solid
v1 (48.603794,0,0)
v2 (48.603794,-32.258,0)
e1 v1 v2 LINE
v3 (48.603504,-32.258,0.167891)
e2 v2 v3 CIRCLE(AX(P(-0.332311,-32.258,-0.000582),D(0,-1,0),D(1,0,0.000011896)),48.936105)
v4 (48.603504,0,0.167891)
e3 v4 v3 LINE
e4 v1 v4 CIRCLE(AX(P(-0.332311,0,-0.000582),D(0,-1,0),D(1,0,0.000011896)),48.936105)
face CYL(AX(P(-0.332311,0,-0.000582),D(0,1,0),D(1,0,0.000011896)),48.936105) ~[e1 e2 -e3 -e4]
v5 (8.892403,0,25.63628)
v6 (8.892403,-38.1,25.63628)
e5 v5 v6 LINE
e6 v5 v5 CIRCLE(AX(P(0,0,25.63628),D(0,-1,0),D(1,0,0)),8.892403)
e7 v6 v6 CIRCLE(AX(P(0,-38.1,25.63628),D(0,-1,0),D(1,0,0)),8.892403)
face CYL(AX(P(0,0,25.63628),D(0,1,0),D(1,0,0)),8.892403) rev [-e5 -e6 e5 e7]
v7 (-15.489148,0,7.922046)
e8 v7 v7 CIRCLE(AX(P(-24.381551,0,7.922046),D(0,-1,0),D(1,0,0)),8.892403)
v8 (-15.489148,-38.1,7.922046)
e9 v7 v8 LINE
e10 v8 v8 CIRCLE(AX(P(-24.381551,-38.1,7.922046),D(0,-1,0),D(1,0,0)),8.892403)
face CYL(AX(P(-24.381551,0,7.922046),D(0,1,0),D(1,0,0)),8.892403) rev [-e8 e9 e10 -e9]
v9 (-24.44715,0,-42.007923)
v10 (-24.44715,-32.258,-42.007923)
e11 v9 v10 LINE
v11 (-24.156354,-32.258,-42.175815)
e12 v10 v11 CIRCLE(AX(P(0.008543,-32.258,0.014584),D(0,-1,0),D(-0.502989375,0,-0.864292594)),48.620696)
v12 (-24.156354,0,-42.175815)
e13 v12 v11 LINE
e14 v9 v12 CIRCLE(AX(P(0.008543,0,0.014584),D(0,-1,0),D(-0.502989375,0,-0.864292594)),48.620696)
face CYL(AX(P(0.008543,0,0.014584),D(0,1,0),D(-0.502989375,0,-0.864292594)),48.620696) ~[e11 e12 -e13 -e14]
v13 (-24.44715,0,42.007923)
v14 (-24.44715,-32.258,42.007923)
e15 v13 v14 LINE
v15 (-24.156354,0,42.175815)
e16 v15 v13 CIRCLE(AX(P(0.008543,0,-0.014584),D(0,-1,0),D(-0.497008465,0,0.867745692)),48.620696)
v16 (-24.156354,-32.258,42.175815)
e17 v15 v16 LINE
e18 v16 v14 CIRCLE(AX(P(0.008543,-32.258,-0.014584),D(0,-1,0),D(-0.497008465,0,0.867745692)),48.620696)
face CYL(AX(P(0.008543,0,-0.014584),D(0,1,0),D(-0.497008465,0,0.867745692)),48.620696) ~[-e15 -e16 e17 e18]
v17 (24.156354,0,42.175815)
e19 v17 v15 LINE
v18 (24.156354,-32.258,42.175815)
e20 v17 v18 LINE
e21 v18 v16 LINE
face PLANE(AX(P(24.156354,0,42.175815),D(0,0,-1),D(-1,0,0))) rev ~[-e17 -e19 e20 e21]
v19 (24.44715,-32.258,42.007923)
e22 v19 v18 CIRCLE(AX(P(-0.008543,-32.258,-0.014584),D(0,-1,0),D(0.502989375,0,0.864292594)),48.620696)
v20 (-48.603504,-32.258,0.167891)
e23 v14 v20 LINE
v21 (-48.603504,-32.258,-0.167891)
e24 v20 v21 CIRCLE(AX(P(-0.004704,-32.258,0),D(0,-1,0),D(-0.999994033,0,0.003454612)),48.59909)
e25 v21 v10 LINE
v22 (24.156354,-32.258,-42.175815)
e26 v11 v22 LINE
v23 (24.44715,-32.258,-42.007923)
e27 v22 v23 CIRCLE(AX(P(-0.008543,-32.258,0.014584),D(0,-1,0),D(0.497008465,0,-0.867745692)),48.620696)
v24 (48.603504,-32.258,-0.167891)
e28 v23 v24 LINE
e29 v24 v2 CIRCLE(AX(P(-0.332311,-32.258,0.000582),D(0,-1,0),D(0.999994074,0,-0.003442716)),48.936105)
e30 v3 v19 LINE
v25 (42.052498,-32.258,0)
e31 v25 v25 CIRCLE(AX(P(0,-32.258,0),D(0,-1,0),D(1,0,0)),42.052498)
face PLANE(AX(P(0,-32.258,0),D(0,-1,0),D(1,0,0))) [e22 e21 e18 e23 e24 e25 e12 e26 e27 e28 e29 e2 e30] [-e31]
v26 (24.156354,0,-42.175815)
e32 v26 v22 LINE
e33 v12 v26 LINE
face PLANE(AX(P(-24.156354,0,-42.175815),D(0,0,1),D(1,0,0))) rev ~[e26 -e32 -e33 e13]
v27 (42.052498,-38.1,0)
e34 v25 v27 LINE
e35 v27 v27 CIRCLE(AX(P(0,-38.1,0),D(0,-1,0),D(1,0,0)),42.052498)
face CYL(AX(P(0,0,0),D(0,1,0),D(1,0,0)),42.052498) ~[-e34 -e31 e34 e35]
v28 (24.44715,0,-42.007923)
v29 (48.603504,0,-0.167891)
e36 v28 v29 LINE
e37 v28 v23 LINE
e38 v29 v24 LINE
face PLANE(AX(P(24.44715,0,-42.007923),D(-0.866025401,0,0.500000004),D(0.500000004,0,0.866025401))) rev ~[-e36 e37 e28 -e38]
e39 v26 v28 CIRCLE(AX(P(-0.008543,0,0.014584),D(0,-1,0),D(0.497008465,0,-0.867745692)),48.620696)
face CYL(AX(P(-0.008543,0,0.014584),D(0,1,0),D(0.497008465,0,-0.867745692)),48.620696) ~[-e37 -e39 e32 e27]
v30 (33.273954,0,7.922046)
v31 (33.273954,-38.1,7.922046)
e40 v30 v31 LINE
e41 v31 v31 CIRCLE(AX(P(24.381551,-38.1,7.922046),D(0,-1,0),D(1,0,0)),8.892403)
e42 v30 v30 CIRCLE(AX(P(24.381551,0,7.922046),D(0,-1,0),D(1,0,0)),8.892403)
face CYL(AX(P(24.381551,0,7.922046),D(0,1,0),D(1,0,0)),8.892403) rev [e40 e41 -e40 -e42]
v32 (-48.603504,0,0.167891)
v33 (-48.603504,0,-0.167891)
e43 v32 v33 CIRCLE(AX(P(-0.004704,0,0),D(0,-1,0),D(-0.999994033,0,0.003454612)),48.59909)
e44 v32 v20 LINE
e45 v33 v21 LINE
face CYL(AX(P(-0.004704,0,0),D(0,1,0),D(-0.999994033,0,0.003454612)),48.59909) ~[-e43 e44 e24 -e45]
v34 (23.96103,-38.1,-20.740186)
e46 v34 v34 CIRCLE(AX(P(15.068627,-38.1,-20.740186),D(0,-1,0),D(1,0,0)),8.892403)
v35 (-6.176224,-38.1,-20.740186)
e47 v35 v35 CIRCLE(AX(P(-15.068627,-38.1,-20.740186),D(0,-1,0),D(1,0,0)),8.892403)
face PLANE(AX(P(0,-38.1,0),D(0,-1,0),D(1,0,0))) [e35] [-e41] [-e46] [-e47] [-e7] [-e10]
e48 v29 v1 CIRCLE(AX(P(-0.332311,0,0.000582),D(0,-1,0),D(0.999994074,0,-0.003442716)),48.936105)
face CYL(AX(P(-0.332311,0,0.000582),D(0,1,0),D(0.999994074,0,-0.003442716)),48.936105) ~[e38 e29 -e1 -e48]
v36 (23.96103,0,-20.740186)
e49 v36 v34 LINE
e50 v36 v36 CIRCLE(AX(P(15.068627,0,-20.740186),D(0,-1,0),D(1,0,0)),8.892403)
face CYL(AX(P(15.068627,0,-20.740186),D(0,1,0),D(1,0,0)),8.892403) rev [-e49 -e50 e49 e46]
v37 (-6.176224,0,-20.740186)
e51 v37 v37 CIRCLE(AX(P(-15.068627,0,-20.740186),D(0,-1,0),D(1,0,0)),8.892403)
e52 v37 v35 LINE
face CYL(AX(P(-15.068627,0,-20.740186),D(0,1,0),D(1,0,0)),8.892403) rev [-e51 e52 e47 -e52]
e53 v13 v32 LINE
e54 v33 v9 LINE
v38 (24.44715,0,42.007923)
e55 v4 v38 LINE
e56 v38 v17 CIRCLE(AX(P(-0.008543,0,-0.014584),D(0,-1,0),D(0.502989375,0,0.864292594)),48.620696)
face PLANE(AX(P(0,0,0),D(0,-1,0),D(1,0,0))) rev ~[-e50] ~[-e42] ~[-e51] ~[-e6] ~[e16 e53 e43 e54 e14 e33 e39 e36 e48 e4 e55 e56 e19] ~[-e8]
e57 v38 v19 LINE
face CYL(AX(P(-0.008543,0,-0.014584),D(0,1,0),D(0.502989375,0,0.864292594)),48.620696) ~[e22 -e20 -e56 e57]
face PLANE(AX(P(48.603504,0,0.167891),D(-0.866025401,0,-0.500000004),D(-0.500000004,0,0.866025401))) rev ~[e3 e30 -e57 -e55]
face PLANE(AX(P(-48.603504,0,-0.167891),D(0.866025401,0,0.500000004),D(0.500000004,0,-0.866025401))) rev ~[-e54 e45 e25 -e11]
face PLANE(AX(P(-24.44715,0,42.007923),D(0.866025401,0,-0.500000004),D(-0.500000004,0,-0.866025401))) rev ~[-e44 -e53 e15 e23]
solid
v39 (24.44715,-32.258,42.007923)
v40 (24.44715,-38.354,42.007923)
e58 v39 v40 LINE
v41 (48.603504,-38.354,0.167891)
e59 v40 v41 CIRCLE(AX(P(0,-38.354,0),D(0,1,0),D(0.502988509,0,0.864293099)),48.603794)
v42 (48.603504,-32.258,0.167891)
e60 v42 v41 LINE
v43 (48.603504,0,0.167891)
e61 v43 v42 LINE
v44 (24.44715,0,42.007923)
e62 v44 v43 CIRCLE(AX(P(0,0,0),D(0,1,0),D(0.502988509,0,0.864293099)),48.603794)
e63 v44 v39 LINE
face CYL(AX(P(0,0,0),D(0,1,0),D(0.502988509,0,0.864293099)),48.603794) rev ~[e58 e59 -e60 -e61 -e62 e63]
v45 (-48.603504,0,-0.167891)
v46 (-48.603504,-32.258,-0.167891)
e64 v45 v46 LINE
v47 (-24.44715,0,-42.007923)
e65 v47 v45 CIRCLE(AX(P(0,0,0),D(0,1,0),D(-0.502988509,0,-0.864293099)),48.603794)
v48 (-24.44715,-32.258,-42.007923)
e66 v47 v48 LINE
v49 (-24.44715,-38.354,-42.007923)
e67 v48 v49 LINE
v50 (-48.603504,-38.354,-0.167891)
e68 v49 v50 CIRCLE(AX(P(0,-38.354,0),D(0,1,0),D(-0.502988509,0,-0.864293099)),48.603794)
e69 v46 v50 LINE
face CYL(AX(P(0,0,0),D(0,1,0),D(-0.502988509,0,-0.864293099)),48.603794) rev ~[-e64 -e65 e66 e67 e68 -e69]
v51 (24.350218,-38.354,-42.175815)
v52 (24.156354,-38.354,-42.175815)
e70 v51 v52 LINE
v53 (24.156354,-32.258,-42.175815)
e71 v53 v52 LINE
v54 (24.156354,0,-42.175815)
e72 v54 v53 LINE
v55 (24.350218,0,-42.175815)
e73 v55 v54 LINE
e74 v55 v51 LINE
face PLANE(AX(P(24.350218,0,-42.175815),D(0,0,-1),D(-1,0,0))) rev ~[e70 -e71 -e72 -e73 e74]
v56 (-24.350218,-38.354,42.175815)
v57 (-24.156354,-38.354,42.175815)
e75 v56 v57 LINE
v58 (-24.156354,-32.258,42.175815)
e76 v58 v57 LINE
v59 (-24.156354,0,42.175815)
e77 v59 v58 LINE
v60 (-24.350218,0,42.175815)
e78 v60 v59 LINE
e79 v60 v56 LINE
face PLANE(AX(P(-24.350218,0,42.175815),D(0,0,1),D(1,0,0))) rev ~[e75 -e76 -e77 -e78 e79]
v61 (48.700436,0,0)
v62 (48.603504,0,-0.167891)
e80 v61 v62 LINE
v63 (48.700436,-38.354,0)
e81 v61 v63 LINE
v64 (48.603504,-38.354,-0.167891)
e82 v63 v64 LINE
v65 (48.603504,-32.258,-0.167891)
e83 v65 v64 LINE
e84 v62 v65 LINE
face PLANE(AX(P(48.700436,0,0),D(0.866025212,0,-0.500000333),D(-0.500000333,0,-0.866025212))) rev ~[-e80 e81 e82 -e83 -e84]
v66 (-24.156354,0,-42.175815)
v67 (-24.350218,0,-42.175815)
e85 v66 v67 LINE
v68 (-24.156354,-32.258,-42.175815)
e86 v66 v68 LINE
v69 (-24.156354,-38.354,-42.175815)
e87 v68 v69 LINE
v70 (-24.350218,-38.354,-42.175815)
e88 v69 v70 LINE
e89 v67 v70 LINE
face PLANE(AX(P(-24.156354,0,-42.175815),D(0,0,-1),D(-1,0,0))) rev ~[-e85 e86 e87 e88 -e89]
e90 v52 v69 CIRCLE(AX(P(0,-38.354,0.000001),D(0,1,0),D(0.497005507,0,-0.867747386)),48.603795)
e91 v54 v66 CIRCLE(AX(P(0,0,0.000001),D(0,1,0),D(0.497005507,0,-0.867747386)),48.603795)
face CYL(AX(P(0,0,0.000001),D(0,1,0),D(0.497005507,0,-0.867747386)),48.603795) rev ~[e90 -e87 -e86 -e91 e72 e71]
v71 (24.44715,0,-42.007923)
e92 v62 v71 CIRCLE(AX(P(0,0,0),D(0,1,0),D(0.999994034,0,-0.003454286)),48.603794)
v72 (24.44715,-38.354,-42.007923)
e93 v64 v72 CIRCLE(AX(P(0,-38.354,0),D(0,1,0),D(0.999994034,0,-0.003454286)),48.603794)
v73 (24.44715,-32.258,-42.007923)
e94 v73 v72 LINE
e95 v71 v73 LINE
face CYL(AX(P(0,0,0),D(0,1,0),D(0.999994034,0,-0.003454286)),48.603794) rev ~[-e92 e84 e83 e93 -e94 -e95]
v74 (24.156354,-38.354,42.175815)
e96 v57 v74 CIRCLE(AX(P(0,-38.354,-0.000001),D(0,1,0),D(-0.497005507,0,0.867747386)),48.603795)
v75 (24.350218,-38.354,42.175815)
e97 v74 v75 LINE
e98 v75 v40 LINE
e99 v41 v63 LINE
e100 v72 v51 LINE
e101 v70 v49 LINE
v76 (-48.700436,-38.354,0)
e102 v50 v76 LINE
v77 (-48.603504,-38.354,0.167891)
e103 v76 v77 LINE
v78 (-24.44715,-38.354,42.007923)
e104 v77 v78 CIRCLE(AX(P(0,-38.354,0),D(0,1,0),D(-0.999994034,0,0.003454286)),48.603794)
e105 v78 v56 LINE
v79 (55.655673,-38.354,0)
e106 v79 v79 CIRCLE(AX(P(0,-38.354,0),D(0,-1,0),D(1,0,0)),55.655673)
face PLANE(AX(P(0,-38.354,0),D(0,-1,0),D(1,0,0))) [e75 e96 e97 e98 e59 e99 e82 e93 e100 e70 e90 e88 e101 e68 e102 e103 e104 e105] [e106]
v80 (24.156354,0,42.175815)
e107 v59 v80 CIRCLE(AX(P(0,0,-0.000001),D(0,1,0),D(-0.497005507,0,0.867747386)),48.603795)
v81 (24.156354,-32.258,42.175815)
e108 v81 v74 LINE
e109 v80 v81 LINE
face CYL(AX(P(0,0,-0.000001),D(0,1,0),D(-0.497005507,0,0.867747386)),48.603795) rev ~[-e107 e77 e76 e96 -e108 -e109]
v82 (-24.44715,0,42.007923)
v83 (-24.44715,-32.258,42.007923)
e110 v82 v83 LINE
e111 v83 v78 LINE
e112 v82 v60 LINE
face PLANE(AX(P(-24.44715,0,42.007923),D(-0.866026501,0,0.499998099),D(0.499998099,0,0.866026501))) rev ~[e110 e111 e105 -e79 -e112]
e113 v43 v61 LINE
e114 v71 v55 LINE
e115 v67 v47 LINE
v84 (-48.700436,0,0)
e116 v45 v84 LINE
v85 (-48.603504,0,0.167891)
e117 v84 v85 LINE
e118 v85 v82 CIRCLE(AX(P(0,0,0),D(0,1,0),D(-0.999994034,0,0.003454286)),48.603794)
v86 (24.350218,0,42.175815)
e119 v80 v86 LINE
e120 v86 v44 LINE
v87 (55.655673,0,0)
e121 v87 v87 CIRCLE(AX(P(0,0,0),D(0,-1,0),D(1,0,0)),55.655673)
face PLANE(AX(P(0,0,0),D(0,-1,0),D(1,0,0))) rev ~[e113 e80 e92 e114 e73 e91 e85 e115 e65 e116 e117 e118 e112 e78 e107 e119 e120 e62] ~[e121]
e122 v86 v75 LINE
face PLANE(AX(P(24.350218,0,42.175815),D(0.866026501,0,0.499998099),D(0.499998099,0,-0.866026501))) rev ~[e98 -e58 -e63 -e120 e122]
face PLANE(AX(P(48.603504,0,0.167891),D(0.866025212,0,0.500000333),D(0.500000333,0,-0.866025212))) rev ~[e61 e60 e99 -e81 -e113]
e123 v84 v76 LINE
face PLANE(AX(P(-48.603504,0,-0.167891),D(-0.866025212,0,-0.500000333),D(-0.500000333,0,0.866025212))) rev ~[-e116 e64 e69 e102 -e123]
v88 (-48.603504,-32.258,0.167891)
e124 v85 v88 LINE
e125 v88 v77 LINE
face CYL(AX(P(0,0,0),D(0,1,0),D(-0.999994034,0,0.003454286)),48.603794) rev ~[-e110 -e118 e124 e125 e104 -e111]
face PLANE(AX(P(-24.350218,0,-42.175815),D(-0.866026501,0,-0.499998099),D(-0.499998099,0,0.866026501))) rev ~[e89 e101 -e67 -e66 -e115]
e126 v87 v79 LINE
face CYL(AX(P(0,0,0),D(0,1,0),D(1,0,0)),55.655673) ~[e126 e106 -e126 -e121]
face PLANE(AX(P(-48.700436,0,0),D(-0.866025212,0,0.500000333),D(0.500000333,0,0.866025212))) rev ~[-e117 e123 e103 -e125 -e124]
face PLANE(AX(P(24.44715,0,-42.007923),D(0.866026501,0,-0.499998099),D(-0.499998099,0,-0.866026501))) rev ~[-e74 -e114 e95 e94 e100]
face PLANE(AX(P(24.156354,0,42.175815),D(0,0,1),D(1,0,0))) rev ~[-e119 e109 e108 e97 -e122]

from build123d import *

# Parameters (mm, degrees)
F0_R     = 55.655673
F1_DEPTH = 38.354
F0_R_2   = 42.052498
F0_R_3   = 8.892403
F2_DEPTH = 38.1
F3_DEPTH = 32.258


with BuildPart() as f1:
    # F0 (on Front) → F1 (new body)
    with BuildSketch(Plane.XZ):
        Circle(F0_R)
        with BuildLine():
            ThreePointArc((24.44715, 42.007923), (42.09212, 24.301897), (48.603504, 0.167891))
            Line((48.603504, 0.167891), (48.700436, 0))
            Line((48.700436, 0), (48.603504, -0.167891))
            ThreePointArc((48.603504, -0.167891), (42.09212, -24.301897), (24.44715, -42.007923))
            Line((24.44715, -42.007923), (24.350218, -42.175815))
            Line((24.350218, -42.175815), (24.156354, -42.175815))
            ThreePointArc((24.156354, -42.175815), (0, -48.603794), (-24.156354, -42.175815))
            Line((-24.156354, -42.175815), (-24.350218, -42.175815))
            Line((-24.350218, -42.175815), (-24.44715, -42.007923))
            ThreePointArc((-24.44715, -42.007923), (-42.09212, -24.301897), (-48.603504, -0.167891))
            Line((-48.603504, -0.167891), (-48.700436, 0))
            Line((-48.700436, 0), (-48.603504, 0.167891))
            ThreePointArc((-48.603504, 0.167891), (-42.09212, 24.301897), (-24.44715, 42.007923))
            Line((-24.44715, 42.007923), (-24.350218, 42.175815))
            Line((-24.350218, 42.175815), (-24.156354, 42.175815))
            ThreePointArc((-24.156354, 42.175815), (0, 48.603794), (24.156354, 42.175815))
            Line((24.156354, 42.175815), (24.350218, 42.175815))
            Line((24.350218, 42.175815), (24.44715, 42.007923))
        make_face(mode=Mode.SUBTRACT)
    extrude(amount=F1_DEPTH)



with BuildPart() as f2:
    # F0 (on Front) → F2 (new body)
    with BuildSketch(Plane.XZ):
        Circle(F0_R_2)
        with Locations((-15.068627, -20.740186)):
            Circle(F0_R_3, mode=Mode.SUBTRACT)
        with Locations((15.068627, -20.740186)):
            Circle(F0_R_3, mode=Mode.SUBTRACT)
        with Locations((-24.381551, 7.922046)):
            Circle(F0_R_3, mode=Mode.SUBTRACT)
        with Locations((24.381551, 7.922046)):
            Circle(F0_R_3, mode=Mode.SUBTRACT)
        with Locations((0, 25.63628)):
            Circle(F0_R_3, mode=Mode.SUBTRACT)
    extrude(amount=F2_DEPTH)


with BuildPart() as f1_1:
    add(f1.part)

    add(f2.part)  # F3 merges F2
    # F0 (on Front) → F3 (join)
    with BuildSketch(Plane.XZ):
        with BuildLine():
            ThreePointArc((48.603504, -0.167891), (48.603721, -0.083946), (48.603794, 0))
            ThreePointArc((48.603794, 0), (48.603721, 0.083946), (48.603504, 0.167891))
            Line((48.603504, 0.167891), (24.44715, 42.007923))
            ThreePointArc((24.44715, 42.007923), (24.301897, 42.09212), (24.156354, 42.175815))
            Line((24.156354, 42.175815), (-24.156354, 42.175815))
            ThreePointArc((-24.156354, 42.175815), (-24.301897, 42.09212), (-24.44715, 42.007923))
            Line((-24.44715, 42.007923), (-48.603504, 0.167891))
            ThreePointArc((-48.603504, 0.167891), (-48.603794, 0), (-48.603504, -0.167891))
            Line((-48.603504, -0.167891), (-24.44715, -42.007923))
            ThreePointArc((-24.44715, -42.007923), (-24.301897, -42.09212), (-24.156354, -42.175815))
            Line((-24.156354, -42.175815), (24.156354, -42.175815))
            ThreePointArc((24.156354, -42.175815), (24.301897, -42.09212), (24.44715, -42.007923))
            Line((24.44715, -42.007923), (48.603504, -0.167891))
        make_face()
        Circle(F0_R_2, mode=Mode.SUBTRACT)
    extrude(amount=F3_DEPTH)


solid = f1_1.part
